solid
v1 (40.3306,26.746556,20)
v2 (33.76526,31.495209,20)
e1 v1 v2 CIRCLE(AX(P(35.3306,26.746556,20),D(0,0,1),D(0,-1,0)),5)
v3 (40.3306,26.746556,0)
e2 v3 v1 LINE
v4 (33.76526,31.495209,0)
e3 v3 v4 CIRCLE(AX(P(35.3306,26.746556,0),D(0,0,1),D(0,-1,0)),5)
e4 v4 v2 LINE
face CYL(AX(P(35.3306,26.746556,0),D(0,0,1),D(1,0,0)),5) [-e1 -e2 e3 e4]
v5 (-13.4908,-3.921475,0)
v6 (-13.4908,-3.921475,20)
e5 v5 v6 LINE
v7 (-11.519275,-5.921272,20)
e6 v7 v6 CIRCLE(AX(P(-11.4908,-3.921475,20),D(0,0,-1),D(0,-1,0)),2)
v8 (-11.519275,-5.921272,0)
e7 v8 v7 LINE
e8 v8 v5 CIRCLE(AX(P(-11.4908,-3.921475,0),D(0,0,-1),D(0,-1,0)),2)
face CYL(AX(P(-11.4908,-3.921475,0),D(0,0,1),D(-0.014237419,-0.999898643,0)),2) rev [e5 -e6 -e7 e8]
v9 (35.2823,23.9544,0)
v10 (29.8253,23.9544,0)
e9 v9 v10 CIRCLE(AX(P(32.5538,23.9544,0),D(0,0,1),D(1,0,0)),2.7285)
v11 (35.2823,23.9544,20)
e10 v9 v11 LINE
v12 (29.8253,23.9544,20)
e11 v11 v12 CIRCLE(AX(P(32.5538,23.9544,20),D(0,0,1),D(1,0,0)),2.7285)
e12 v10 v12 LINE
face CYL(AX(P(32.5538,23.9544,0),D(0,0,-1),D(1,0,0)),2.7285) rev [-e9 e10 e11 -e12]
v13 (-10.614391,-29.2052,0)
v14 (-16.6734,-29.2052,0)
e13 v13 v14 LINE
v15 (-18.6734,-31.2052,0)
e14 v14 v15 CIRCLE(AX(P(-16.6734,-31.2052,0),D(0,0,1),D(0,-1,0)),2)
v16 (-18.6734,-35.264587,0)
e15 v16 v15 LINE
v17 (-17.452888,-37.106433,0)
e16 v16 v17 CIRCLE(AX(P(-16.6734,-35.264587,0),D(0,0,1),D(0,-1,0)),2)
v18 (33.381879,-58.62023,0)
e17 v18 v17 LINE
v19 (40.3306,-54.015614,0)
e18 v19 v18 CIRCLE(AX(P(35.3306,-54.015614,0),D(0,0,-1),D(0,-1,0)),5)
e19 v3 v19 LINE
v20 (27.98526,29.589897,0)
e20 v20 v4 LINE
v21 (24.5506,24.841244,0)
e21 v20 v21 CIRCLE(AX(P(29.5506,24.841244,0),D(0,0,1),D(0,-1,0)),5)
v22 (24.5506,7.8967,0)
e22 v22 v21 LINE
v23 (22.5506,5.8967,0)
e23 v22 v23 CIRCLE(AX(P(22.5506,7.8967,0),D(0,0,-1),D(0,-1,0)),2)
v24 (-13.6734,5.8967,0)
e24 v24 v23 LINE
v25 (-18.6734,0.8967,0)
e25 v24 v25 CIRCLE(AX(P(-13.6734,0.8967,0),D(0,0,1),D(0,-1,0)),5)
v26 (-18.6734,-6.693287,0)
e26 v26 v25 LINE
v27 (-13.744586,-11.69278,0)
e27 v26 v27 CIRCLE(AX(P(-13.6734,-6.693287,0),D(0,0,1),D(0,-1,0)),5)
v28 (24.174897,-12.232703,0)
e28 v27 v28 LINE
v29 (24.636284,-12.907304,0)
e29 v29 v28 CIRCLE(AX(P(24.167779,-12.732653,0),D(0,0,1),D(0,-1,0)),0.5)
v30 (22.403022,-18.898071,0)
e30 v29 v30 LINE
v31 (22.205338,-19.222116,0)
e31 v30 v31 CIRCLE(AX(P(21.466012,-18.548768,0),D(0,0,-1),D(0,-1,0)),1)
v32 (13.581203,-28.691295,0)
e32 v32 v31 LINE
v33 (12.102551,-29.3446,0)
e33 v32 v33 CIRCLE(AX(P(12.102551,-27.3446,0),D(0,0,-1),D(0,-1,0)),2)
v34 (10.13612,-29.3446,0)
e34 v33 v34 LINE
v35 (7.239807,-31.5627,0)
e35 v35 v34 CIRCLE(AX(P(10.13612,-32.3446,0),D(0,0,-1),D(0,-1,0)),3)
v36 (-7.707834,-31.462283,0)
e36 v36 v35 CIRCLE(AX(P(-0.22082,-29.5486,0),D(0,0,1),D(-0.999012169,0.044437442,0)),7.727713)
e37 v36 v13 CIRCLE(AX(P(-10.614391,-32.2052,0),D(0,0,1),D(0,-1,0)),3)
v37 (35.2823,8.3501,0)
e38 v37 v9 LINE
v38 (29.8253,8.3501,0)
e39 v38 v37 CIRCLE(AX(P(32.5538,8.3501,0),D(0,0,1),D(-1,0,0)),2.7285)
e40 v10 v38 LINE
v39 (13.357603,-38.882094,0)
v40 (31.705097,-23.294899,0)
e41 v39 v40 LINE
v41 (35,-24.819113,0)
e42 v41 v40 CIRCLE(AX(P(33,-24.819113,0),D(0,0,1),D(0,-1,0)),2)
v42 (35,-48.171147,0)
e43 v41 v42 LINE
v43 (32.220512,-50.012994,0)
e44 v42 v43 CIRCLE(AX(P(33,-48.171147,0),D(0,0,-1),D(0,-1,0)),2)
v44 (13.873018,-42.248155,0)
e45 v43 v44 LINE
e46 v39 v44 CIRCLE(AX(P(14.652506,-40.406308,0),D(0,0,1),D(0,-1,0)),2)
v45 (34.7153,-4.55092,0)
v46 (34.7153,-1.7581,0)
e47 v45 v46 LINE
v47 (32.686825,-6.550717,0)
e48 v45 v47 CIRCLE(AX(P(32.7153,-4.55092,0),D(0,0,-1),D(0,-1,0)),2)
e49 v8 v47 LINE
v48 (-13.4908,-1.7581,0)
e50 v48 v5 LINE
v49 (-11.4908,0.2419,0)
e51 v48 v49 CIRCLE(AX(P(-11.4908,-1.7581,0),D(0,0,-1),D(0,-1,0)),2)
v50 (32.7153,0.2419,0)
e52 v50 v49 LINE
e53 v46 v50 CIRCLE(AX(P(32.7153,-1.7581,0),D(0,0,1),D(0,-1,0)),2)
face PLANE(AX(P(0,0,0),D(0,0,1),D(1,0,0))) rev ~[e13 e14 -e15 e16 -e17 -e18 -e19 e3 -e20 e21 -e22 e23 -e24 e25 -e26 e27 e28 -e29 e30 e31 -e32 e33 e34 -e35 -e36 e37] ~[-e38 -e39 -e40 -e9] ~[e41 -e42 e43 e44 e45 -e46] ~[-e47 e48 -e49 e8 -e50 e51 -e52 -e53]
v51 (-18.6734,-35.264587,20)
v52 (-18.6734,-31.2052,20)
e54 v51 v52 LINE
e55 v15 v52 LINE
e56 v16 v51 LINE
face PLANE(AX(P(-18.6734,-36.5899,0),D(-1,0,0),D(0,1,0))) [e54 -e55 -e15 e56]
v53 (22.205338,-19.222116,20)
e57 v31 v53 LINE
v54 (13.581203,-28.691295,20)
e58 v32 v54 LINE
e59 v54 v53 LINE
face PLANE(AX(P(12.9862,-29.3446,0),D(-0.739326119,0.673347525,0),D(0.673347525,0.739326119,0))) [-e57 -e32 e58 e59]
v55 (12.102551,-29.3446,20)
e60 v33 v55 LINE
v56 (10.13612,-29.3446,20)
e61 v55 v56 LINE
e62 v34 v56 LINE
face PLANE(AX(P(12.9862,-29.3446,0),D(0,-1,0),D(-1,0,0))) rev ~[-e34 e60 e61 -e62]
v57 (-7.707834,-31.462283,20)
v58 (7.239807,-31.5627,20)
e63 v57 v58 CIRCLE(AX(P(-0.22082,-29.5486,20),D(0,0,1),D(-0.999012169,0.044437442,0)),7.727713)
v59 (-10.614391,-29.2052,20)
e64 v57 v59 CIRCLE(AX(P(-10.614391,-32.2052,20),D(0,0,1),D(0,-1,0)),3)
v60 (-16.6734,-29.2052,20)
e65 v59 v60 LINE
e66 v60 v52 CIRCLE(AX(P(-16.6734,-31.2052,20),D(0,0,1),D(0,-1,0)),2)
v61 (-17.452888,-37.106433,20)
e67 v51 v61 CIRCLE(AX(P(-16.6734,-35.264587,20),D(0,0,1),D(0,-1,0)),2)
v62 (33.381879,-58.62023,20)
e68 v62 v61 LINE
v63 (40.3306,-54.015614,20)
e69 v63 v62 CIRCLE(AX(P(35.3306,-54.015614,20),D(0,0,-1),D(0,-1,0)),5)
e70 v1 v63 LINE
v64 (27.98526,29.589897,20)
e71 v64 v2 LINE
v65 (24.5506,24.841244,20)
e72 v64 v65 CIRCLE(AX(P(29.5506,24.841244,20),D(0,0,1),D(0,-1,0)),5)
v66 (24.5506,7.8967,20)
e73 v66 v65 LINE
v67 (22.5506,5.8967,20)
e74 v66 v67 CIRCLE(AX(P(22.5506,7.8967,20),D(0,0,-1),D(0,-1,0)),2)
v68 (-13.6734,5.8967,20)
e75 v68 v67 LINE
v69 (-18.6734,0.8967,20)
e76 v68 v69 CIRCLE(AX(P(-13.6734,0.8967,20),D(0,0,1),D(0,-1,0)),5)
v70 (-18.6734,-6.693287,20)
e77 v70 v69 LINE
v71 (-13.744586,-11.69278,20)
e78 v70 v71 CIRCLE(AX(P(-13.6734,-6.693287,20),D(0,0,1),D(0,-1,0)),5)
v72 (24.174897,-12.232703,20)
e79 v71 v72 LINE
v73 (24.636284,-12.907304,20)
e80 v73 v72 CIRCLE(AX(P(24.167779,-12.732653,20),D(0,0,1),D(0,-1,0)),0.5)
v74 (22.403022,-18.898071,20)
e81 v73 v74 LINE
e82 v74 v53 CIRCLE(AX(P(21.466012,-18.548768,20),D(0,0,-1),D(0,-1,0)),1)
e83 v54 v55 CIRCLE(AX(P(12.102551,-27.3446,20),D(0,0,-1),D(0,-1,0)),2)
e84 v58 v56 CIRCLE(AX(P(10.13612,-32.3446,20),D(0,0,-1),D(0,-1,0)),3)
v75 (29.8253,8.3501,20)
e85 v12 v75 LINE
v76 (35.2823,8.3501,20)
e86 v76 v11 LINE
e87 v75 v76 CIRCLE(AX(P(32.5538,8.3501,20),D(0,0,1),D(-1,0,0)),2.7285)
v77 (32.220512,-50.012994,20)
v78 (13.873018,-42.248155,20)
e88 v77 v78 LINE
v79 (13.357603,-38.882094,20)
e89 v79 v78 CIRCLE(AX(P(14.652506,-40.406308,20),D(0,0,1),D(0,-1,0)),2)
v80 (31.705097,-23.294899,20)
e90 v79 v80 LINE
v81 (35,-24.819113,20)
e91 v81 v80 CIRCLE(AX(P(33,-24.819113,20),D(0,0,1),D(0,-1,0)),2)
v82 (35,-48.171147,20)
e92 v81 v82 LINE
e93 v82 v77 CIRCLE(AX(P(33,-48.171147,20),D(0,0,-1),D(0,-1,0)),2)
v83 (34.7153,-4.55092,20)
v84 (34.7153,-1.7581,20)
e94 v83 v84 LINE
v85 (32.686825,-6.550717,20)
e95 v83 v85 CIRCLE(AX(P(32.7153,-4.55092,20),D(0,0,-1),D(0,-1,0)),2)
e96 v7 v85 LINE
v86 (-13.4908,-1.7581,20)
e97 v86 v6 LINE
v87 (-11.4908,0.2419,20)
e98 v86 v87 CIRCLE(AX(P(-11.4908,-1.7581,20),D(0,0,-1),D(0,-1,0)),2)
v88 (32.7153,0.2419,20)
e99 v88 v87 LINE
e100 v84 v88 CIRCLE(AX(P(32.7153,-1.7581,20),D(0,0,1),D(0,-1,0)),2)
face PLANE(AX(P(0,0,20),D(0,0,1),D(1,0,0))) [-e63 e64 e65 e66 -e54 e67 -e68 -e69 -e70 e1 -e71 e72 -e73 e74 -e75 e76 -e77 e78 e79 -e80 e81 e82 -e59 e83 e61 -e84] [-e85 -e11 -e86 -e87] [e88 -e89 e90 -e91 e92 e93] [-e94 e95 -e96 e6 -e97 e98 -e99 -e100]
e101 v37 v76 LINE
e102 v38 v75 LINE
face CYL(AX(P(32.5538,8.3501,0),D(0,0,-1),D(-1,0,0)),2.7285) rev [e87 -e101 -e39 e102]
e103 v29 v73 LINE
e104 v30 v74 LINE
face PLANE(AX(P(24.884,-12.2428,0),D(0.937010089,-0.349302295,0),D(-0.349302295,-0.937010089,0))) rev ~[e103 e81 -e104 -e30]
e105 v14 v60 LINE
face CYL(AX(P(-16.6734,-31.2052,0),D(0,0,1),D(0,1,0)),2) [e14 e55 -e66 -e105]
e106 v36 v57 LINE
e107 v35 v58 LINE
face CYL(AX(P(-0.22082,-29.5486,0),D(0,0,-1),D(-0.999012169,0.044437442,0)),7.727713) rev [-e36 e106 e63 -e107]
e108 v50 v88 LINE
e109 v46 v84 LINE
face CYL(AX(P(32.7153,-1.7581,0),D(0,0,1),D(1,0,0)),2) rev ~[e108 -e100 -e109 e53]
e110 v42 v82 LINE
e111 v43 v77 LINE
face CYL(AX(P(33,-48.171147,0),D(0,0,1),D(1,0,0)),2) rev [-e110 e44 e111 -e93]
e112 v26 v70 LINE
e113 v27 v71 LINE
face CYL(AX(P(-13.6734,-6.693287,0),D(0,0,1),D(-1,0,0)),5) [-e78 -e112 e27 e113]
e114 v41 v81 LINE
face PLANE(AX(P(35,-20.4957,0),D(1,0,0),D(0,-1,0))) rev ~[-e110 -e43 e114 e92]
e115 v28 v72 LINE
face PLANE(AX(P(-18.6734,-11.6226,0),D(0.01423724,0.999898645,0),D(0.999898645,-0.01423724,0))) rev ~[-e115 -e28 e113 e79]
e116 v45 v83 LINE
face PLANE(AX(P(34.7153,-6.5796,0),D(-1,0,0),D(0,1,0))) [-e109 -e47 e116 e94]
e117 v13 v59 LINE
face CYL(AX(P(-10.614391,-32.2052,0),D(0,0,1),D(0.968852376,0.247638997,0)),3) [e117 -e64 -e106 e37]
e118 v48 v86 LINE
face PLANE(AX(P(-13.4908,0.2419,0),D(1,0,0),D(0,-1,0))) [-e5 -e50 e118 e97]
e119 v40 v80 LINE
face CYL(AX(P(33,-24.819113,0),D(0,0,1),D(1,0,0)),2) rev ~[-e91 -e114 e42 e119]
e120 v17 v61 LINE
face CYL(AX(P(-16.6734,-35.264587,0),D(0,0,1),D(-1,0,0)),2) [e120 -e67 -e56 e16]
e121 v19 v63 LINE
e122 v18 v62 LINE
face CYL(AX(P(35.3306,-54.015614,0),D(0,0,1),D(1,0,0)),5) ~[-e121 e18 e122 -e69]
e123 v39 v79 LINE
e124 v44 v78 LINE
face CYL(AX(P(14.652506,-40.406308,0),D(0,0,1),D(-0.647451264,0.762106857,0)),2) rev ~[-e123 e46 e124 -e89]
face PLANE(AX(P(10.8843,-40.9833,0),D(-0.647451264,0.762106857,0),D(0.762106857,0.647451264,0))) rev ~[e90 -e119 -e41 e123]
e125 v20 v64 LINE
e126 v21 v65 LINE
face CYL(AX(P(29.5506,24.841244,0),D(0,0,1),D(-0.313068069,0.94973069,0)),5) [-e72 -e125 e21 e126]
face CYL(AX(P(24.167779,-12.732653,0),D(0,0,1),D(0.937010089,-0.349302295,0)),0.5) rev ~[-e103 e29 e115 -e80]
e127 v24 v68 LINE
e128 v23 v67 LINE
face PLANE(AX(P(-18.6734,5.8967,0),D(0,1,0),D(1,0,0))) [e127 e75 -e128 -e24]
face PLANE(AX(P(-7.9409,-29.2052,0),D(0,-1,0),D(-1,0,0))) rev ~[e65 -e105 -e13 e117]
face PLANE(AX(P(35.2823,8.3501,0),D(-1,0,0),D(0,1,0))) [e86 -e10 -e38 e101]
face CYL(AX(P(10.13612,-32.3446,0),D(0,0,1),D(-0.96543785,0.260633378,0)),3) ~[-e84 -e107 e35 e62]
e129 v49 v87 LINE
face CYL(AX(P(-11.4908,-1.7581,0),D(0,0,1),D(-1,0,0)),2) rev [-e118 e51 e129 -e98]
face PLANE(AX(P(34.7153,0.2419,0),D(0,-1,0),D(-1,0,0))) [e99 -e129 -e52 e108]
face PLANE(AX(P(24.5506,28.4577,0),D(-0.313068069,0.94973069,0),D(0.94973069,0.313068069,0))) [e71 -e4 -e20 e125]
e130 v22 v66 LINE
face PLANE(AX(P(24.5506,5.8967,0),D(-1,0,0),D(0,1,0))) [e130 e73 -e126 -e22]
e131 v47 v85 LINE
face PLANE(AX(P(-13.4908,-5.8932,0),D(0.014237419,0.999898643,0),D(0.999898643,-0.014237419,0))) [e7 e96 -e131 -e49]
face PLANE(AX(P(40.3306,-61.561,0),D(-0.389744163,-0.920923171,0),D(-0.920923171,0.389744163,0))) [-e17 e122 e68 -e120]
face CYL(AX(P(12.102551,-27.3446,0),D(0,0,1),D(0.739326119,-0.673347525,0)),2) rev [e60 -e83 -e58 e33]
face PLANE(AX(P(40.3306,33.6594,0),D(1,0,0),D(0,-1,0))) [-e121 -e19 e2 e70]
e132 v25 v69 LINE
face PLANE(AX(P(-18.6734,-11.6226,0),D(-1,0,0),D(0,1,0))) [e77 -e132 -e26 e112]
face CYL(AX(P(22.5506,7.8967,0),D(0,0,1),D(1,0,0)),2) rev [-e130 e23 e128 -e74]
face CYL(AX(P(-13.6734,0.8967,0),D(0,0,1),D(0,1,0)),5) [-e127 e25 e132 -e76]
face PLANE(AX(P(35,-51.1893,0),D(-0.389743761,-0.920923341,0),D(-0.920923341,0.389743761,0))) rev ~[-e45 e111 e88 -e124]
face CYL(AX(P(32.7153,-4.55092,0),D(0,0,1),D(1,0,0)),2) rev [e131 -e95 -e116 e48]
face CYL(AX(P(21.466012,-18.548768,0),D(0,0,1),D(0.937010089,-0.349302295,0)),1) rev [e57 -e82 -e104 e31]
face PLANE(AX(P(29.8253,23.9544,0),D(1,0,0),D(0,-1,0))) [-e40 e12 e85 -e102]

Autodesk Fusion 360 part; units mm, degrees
sketch "草图1" plane through (0, 0, 0) normal (0, 0, 1) x (1, 0, 0) in component "support"
  line L0 (40.3306, 33.6594) -> (40.3306, -61.561)
  line L1 (40.3306, -61.561) -> (-18.6734, -36.5899)
  line L2 (-18.6734, -36.5899) -> (-18.6734, 5.8967)
  line L3 (-18.6734, 5.8967) -> (24.5506, 5.8967)
  line L4 (24.5506, 5.8967) -> (24.5506, 28.4577)
  line L5 (24.5506, 28.4577) -> (40.3306, 33.6594)
  line L6 (35.2823, 8.3501) -> (35.2823, 23.9544)
  arc A0 (35.2823, 23.9544) -> (29.8253, 23.9544) centre (32.5538, 23.9544) ccw
  line L7 (29.8253, 23.9544) -> (29.8253, 8.3501)
  arc A1 (29.8253, 8.3501) -> (35.2823, 8.3501) centre (32.5538, 8.3501) ccw
  line L8 (32.5538, 5.6216) -> (32.5538, 26.6829) construction
  line L9 (-13.4908, -5.8932) -> (34.7153, -6.5796)
  line L10 (34.7153, -6.5796) -> (34.7153, 0.2419)
  line L11 (-18.6734, -11.6226) -> (24.884, -12.2428)
  line L12 (24.884, -12.2428) -> (22.3355, -19.0792)
  line L13 (-7.9409, -29.2052) -> (-18.6734, -29.2052)
  line L14 (35, -20.4957) -> (35, -51.1893)
  line L15 (-13.4908, 0.2419) -> (-13.4908, -5.8932)
  line L16 (34.7153, 0.2419) -> (-13.4908, 0.2419)
  line L17 (35, -51.1893) -> (10.8843, -40.9833)
  line L18 (10.8843, -40.9833) -> (35, -20.4957)
  line L19 (12.9862, -29.3446) -> (22.3355, -19.0792)
  line L20 (12.9862, -29.3446) -> (7.5042, -29.3446)
  arc A2 (-7.9409, -29.2052) -> (7.5042, -29.3446) centre (-0.2208, -29.5486) ccw
extrude "拉伸4" add sketch "草图1" along normal blind 20 contours L0 L1 L2 L3 L4 L5 L11 L12 L13 L19 L20 A2 in component "support"
fillet "圆角22" radius 2 1 edges at (10.8843, -40.9833, 10) in component "support"
fillet "圆角23" radius 2 1 edges at (35, -51.1893, 10) in component "support"
fillet "圆角24" radius 2 1 edges at (35, -20.4957, 10) in component "support"
fillet "圆角25" radius 5 1 edges at (40.3306, -61.561, 10) in component "support"
fillet "圆角26" radius 5 1 edges at (40.3306, 33.6594, 10) in component "support"
fillet "圆角27" radius 5 1 edges at (24.5506, 28.4577, 10) in component "support"
fillet "圆角28" radius 2 1 edges at (24.5506, 5.8967, 10) in component "support"
fillet "圆角29" radius 5 2 edges at (-18.6734, 5.8967, 10) (-18.6734, -11.6226, 10) in component "support"
fillet "圆角30" radius 2 1 edges at (-18.6734, -29.2052, 10) in component "support"
fillet "圆角31" radius 2 1 edges at (-18.6734, -36.5899, 10) in component "support"
fillet "圆角32" radius 2 1 edges at (34.7153, 0.2419, 10) in component "support"
fillet "圆角33" radius 2 1 edges at (34.7153, -6.5796, 10) in component "support"
fillet "圆角34" radius 2 1 edges at (-13.4908, -5.8932, 10) in component "support"
fillet "圆角35" radius 2 1 edges at (-13.4908, 0.2419, 10) in component "support"
fillet "圆角36" radius 0.5 1 edges at (24.884, -12.2428, 10) in component "support"
fillet "圆角37" radius 1 1 edges at (22.3355, -19.0792, 10) in component "support"
fillet "圆角38" radius 2 1 edges at (12.9862, -29.3446, 10) in component "support"
fillet "圆角39" radius 3 1 edges at (-7.9409, -29.2052, 10) in component "support"
fillet "圆角40" radius 3 1 edges at (7.5042, -29.3446, 10) in component "support"
component "support" placed x (1, 0, 0) y (0, 1, 0) z (0, 0, 1) at (0, 0, 0)
